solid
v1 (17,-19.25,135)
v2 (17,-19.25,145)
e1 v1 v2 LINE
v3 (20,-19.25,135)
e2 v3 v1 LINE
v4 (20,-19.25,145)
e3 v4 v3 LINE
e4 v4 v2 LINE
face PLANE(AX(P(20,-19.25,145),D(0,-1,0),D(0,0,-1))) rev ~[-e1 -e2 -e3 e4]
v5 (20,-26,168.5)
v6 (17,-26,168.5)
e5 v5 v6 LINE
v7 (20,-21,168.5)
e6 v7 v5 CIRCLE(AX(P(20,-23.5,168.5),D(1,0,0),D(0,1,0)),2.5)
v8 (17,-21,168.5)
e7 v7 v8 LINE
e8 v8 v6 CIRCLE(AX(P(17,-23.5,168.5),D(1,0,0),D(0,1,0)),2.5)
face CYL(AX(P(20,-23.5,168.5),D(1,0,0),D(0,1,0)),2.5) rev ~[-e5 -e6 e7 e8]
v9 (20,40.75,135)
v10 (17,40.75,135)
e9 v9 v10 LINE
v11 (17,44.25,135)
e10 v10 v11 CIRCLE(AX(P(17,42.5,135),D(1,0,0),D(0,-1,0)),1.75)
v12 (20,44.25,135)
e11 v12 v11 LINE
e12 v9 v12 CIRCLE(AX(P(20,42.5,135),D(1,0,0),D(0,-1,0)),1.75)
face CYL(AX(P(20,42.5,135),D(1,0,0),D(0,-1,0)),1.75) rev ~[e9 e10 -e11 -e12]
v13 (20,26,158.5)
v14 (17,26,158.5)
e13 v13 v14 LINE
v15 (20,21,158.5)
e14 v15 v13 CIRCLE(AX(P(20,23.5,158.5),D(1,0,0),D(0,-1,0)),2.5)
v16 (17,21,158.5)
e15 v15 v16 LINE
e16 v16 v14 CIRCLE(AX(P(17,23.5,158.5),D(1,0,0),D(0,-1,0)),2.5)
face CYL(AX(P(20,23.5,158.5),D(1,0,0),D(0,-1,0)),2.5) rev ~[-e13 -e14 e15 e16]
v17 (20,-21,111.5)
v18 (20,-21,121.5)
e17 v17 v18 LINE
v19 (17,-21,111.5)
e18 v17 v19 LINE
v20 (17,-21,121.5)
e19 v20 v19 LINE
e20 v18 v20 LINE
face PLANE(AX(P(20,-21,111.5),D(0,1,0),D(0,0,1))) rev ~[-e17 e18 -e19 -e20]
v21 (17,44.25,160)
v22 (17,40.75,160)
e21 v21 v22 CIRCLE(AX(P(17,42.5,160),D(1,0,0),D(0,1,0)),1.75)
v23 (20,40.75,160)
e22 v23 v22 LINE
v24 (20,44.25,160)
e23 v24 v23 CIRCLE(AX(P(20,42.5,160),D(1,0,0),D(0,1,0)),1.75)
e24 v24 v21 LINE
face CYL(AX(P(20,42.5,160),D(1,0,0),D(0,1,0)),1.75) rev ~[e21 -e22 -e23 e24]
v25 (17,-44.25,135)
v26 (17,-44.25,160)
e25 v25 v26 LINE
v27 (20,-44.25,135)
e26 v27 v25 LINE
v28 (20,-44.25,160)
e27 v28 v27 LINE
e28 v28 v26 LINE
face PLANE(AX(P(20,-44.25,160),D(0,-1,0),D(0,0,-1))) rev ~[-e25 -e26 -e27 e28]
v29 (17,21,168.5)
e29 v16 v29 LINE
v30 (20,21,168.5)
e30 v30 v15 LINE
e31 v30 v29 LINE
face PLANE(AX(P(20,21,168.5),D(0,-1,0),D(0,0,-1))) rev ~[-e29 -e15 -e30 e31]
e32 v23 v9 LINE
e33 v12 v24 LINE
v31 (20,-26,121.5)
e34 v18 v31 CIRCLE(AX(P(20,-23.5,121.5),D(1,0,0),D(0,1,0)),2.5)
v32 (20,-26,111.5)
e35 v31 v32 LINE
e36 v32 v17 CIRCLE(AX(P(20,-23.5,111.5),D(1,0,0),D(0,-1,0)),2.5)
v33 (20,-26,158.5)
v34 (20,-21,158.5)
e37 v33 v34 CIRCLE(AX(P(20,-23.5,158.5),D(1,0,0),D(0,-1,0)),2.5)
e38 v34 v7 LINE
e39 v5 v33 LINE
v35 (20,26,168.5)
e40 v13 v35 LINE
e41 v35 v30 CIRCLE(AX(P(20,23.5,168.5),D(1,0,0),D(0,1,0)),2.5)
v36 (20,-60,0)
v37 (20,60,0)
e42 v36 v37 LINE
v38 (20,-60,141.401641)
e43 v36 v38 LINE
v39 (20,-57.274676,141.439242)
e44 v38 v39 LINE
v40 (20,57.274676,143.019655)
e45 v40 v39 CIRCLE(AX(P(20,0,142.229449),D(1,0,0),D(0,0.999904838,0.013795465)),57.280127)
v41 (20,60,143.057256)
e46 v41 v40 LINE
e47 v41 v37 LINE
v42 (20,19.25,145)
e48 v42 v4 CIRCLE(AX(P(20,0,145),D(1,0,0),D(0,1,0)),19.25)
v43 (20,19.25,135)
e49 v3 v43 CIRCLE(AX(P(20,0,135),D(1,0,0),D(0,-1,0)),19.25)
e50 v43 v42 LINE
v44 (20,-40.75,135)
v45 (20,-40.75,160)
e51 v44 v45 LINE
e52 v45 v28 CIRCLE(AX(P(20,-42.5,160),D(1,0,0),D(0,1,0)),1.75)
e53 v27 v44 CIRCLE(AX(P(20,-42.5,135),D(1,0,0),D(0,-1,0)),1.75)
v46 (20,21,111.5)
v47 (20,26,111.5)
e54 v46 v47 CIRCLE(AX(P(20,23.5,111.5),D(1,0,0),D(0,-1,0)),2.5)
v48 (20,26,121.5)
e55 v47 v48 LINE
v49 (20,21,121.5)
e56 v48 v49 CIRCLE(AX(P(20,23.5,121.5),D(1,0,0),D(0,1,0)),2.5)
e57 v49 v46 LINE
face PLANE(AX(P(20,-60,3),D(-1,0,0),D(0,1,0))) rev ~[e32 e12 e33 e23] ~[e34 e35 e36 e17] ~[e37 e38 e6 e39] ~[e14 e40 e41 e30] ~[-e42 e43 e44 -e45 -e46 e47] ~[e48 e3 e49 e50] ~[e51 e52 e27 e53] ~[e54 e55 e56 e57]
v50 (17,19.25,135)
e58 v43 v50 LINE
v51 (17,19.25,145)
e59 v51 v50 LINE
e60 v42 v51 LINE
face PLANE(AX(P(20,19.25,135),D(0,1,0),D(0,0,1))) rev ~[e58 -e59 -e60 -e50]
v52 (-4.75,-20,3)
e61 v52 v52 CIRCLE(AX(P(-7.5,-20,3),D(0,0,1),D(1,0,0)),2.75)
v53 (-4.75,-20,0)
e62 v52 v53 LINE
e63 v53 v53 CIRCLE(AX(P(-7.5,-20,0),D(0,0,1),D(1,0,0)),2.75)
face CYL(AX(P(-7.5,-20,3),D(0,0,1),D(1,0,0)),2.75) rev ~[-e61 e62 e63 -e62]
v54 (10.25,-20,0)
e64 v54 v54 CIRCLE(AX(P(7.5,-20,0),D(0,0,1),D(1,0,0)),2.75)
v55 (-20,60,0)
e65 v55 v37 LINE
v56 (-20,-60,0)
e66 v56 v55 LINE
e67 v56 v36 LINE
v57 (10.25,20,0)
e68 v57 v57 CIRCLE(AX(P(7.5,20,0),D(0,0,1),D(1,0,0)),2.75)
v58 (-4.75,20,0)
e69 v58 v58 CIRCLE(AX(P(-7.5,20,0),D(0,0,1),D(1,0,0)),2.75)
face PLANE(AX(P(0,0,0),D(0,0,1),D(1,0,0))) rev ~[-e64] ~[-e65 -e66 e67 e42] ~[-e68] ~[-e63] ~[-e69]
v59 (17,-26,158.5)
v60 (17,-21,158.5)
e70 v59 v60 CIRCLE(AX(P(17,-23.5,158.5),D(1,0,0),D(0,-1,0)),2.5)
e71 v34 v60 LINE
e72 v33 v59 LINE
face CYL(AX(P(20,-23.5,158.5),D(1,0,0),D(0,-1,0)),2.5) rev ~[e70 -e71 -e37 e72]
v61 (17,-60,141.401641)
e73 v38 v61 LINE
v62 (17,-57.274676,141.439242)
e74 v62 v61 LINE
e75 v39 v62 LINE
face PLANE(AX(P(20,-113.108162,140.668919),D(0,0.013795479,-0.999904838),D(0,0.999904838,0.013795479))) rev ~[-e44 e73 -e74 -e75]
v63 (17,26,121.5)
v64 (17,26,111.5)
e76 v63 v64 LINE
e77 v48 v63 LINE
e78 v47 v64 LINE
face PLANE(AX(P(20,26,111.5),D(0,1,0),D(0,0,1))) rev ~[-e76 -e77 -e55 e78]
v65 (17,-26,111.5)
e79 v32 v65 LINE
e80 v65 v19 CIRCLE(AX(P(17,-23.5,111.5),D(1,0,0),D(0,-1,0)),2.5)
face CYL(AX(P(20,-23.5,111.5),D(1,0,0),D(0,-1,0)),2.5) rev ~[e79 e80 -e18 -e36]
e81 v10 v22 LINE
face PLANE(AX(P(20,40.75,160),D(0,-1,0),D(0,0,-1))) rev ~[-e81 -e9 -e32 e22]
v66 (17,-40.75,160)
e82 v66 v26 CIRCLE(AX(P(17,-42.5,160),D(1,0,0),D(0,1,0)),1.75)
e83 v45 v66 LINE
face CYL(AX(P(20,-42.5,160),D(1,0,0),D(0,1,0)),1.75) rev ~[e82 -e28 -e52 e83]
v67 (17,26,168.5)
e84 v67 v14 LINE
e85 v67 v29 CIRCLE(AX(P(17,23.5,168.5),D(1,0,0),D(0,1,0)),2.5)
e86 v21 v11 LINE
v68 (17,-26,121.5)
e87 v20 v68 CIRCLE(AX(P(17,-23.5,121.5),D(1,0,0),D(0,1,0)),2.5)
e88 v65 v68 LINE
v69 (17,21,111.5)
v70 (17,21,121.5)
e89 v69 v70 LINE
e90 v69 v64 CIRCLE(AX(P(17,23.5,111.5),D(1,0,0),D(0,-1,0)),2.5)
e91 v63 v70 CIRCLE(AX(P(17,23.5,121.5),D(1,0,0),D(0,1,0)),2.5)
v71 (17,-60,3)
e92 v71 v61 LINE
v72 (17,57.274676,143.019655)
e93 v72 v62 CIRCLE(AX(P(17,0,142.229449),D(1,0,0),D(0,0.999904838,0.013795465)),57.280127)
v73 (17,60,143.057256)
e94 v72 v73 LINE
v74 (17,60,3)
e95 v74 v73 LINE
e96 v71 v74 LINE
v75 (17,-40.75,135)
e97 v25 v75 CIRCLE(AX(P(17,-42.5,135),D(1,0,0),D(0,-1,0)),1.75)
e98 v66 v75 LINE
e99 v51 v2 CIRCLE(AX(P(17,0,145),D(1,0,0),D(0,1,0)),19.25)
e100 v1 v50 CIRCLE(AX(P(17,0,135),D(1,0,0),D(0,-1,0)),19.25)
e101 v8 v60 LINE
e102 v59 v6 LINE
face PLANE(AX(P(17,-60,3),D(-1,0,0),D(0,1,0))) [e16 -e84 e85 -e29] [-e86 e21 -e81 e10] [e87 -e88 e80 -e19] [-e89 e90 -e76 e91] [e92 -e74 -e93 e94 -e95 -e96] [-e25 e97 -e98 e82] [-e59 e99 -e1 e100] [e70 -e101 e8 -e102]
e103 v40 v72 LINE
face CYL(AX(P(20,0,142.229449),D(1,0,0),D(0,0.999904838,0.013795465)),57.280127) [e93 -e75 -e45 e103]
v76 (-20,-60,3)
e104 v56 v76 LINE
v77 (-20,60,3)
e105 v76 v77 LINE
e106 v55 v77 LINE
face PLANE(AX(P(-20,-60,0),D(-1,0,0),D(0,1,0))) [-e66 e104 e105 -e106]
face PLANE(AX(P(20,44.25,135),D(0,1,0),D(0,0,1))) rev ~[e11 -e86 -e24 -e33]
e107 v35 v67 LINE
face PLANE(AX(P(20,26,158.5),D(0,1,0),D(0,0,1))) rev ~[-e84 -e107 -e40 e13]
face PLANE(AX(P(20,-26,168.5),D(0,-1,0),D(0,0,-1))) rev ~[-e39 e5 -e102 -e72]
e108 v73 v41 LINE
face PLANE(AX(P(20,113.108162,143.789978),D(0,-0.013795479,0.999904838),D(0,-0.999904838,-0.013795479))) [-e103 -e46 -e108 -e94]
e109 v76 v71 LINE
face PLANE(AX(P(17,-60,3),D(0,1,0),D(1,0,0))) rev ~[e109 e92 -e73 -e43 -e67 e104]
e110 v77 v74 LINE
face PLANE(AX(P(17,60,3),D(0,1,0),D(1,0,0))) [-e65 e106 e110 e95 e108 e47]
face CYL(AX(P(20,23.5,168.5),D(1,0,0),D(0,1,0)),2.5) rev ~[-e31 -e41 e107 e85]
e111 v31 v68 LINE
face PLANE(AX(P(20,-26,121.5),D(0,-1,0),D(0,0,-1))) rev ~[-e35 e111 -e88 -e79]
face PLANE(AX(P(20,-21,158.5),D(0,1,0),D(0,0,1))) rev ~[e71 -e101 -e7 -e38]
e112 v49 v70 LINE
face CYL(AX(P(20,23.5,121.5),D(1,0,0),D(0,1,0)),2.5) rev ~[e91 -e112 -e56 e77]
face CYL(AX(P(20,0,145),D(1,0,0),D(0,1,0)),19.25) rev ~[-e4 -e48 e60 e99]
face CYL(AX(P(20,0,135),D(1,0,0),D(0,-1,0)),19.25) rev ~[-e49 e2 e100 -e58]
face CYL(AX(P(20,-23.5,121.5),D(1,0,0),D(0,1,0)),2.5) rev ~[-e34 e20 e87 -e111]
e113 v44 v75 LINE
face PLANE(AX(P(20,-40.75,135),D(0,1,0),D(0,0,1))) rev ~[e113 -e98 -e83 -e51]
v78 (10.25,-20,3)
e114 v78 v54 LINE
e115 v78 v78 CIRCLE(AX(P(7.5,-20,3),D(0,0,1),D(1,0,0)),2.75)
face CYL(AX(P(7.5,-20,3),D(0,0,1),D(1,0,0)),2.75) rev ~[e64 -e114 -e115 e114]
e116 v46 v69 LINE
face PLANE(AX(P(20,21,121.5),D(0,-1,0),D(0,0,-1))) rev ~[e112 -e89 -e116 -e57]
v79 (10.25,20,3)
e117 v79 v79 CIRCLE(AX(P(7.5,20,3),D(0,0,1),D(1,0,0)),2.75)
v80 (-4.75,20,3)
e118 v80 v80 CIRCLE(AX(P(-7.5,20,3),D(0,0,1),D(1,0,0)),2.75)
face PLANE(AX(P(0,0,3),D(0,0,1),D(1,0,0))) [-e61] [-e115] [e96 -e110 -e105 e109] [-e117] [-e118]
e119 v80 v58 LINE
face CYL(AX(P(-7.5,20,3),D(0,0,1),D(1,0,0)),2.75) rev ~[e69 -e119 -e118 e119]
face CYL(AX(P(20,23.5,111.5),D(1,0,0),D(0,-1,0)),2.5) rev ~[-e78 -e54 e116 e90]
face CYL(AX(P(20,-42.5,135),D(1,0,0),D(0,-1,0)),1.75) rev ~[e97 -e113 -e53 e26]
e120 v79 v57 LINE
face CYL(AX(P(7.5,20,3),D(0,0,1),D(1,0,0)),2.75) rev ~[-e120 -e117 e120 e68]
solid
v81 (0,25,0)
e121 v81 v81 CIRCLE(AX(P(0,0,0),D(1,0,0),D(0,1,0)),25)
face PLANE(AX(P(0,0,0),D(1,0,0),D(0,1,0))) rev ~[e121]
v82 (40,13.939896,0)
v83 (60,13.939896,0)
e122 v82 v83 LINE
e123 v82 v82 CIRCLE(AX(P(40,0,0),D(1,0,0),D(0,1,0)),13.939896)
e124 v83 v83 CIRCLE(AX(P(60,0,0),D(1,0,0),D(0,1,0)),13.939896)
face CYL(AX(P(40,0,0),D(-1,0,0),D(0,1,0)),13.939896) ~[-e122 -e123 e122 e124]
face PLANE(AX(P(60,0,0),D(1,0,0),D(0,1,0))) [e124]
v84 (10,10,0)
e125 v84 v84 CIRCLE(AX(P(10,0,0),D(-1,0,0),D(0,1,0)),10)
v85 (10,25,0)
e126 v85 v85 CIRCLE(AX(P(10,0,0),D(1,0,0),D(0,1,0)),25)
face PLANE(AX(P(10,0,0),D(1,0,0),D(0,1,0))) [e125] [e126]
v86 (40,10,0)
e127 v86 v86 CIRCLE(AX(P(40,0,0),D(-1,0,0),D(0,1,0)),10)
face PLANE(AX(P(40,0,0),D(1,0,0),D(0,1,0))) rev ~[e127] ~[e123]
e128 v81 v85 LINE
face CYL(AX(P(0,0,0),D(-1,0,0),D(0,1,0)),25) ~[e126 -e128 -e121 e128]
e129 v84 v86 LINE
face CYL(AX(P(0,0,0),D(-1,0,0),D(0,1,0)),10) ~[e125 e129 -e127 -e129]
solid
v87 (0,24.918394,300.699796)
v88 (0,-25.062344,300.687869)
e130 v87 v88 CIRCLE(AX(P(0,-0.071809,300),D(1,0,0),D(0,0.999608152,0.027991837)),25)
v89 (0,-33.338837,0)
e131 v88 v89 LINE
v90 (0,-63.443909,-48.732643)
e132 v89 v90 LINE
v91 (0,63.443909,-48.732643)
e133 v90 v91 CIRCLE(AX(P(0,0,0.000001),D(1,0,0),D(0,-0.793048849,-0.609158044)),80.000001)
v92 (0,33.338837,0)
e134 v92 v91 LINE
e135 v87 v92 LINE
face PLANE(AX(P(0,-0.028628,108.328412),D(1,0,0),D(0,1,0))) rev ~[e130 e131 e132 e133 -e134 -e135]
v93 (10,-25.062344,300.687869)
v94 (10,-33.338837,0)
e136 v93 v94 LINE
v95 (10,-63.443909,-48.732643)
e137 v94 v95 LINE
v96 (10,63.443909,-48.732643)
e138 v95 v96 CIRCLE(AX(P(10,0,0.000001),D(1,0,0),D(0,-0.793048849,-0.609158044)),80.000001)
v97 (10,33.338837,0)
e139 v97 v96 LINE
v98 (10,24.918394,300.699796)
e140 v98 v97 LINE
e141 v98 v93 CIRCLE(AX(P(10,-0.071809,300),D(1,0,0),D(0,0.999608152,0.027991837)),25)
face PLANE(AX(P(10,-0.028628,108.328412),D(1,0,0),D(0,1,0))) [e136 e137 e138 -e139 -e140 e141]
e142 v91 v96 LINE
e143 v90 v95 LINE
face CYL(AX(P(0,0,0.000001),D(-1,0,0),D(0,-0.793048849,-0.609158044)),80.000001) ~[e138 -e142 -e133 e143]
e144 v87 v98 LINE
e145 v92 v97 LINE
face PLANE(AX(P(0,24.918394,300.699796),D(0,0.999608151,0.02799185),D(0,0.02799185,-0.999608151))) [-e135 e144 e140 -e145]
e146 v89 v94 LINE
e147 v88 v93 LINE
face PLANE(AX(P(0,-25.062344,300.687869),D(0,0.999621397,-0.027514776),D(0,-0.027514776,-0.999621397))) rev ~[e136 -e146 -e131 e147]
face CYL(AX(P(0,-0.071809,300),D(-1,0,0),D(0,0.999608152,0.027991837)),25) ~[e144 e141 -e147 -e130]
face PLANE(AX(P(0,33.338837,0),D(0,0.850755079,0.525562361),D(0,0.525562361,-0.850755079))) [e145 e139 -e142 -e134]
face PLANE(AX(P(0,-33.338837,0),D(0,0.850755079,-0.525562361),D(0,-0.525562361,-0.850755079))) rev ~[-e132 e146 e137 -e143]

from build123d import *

# Parameters (mm, degrees)
SKETCH_W        = 40
SKETCH_H        = 120
PAD_DEPTH       = 3
SKETCH001_R     = 2.75
HOLE_DEPTH      = 25
SKETCH002_W     = 3
SKETCH002_H     = 120
PAD001_DEPTH    = 200
POCKET_DEPTH    = 5
POCKET001_DEPTH = 5
PAD002_DEPTH    = 10
SKETCH106_R     = 25
PAD003_DEPTH    = 10
SKETCH107_R     = 10
PAD004_DEPTH    = 50
SKETCH108_R     = 13.939896
PAD005_DEPTH    = 20


with BuildPart() as b_y_axis_base_left:
    # Sketch → Pad (new body)
    with BuildSketch(Plane.XY):
        Rectangle(SKETCH_W, SKETCH_H)
    extrude(amount=PAD_DEPTH)

    # Sketch001 → Hole (cut)
    with BuildSketch(Plane.XY.offset(3)):
        with Locations((-7.5, 20)):
            Circle(SKETCH001_R)
        with Locations((7.5, 20)):
            Circle(SKETCH001_R)
        with Locations((-7.5, -20)):
            Circle(SKETCH001_R)
        with Locations((7.5, -20)):
            Circle(SKETCH001_R)
    extrude(amount=-HOLE_DEPTH, mode=Mode.SUBTRACT)

    # Sketch002 → Pad001 (join)
    with BuildSketch(Plane.XY.offset(3)):
        with Locations((18.5, 0)):
            Rectangle(SKETCH002_W, SKETCH002_H)
    extrude(amount=PAD001_DEPTH)

    # Sketch104 (on Part) → Pocket (cut)
    with BuildSketch(Plane(origin=(20, 0, 140), x_dir=(0, 1, 0), z_dir=(1, 0, 0))):
        with BuildLine():
            ThreePointArc((-21, 28.5), (-23.5, 31), (-26, 28.5))
            Line((-26, 28.5), (-26, 18.5))
            ThreePointArc((-26, 18.5), (-23.5, 16), (-21, 18.5))
            Line((-21, 18.5), (-21, 28.5))
        make_face()
        with BuildLine():
            ThreePointArc((26, 28.5), (23.5, 31), (21, 28.5))
            Line((21, 28.5), (21, 18.5))
            ThreePointArc((21, 18.5), (23.5, 16), (26, 18.5))
            Line((26, 18.5), (26, 28.5))
        make_face()
        with BuildLine():
            ThreePointArc((26, -18.5), (23.5, -16), (21, -18.5))
            Line((21, -18.5), (21, -28.5))
            ThreePointArc((21, -28.5), (23.5, -31), (26, -28.5))
            Line((26, -28.5), (26, -18.5))
        make_face()
        with BuildLine():
            ThreePointArc((-21, -18.5), (-23.5, -16), (-26, -18.5))
            Line((-26, -18.5), (-26, -28.5))
            ThreePointArc((-26, -28.5), (-23.5, -31), (-21, -28.5))
            Line((-21, -28.5), (-21, -18.5))
        make_face()
        with BuildLine():
            ThreePointArc((19.25, 5), (0, 24.25), (-19.25, 5))
            Line((-19.25, 5), (-19.25, -5))
            ThreePointArc((-19.25, -5), (0, -24.25), (19.25, -5))
            Line((19.25, -5), (19.25, 5))
        make_face()
        with BuildLine():
            ThreePointArc((-40.75, 20), (-42.5, 21.75), (-44.25, 20))
            Line((-44.25, 20), (-44.25, -5))
            ThreePointArc((-44.25, -5), (-42.5, -6.75), (-40.75, -5))
            Line((-40.75, -5), (-40.75, 20))
        make_face()
        with BuildLine():
            ThreePointArc((44.25, 20), (42.5, 21.75), (40.75, 20))
            Line((40.75, 20), (40.75, -5))
            ThreePointArc((40.75, -5), (42.5, -6.75), (44.25, -5))
            Line((44.25, -5), (44.25, 20))
        make_face()
    extrude(amount=-POCKET_DEPTH, mode=Mode.SUBTRACT)

    # Sketch105 → Pocket001 (cut)
    with BuildSketch(Plane.YZ.offset(20)):
        with BuildLine():
            ThreePointArc((113.108162, 143.789978), (-1.560529, 255.337611), (-113.108162, 140.668919))
            Line((-113.108162, 140.668919), (-57.274676, 141.439242))
            ThreePointArc((57.274676, 143.019655), (-0.790207, 199.504125), (-57.274676, 141.439242))
            Line((113.108162, 143.789978), (57.274676, 143.019655))
        make_face()
    extrude(amount=-POCKET001_DEPTH, mode=Mode.SUBTRACT)


with BuildPart() as b_y_axis_arm_left:
    # Sketch003 → Pad002 (new body)
    with BuildSketch(Plane.YZ):
        with BuildLine():
            ThreePointArc((24.918394, 300.699796), (-0.077775, 324.999999), (-25.062344, 300.687869))
            Line((-25.062344, 300.687869), (-33.338837, 0))
            Line((-33.338837, 0), (-63.443909, -48.732643))
            ThreePointArc((-63.443909, -48.732643), (0, -80), (63.443909, -48.732643))
            Line((33.338837, 0), (63.443909, -48.732643))
            Line((24.918394, 300.699796), (33.338837, 0))
        make_face()
    extrude(amount=PAD002_DEPTH)


with BuildPart() as body:
    # Sketch106 → Pad003 (new body)
    with BuildSketch(Plane.YZ):
        Circle(SKETCH106_R)
    extrude(amount=PAD003_DEPTH)

    # Sketch107 → Pad004 (join)
    with BuildSketch(Plane.YZ):
        Circle(SKETCH107_R)
    extrude(amount=PAD004_DEPTH)

    # Sketch108 → Pad005 (join)
    with BuildSketch(Plane.YZ.offset(40)):
        Circle(SKETCH108_R)
    extrude(amount=PAD005_DEPTH)


solid = Compound([b_y_axis_base_left.part, b_y_axis_arm_left.part, body.part])
